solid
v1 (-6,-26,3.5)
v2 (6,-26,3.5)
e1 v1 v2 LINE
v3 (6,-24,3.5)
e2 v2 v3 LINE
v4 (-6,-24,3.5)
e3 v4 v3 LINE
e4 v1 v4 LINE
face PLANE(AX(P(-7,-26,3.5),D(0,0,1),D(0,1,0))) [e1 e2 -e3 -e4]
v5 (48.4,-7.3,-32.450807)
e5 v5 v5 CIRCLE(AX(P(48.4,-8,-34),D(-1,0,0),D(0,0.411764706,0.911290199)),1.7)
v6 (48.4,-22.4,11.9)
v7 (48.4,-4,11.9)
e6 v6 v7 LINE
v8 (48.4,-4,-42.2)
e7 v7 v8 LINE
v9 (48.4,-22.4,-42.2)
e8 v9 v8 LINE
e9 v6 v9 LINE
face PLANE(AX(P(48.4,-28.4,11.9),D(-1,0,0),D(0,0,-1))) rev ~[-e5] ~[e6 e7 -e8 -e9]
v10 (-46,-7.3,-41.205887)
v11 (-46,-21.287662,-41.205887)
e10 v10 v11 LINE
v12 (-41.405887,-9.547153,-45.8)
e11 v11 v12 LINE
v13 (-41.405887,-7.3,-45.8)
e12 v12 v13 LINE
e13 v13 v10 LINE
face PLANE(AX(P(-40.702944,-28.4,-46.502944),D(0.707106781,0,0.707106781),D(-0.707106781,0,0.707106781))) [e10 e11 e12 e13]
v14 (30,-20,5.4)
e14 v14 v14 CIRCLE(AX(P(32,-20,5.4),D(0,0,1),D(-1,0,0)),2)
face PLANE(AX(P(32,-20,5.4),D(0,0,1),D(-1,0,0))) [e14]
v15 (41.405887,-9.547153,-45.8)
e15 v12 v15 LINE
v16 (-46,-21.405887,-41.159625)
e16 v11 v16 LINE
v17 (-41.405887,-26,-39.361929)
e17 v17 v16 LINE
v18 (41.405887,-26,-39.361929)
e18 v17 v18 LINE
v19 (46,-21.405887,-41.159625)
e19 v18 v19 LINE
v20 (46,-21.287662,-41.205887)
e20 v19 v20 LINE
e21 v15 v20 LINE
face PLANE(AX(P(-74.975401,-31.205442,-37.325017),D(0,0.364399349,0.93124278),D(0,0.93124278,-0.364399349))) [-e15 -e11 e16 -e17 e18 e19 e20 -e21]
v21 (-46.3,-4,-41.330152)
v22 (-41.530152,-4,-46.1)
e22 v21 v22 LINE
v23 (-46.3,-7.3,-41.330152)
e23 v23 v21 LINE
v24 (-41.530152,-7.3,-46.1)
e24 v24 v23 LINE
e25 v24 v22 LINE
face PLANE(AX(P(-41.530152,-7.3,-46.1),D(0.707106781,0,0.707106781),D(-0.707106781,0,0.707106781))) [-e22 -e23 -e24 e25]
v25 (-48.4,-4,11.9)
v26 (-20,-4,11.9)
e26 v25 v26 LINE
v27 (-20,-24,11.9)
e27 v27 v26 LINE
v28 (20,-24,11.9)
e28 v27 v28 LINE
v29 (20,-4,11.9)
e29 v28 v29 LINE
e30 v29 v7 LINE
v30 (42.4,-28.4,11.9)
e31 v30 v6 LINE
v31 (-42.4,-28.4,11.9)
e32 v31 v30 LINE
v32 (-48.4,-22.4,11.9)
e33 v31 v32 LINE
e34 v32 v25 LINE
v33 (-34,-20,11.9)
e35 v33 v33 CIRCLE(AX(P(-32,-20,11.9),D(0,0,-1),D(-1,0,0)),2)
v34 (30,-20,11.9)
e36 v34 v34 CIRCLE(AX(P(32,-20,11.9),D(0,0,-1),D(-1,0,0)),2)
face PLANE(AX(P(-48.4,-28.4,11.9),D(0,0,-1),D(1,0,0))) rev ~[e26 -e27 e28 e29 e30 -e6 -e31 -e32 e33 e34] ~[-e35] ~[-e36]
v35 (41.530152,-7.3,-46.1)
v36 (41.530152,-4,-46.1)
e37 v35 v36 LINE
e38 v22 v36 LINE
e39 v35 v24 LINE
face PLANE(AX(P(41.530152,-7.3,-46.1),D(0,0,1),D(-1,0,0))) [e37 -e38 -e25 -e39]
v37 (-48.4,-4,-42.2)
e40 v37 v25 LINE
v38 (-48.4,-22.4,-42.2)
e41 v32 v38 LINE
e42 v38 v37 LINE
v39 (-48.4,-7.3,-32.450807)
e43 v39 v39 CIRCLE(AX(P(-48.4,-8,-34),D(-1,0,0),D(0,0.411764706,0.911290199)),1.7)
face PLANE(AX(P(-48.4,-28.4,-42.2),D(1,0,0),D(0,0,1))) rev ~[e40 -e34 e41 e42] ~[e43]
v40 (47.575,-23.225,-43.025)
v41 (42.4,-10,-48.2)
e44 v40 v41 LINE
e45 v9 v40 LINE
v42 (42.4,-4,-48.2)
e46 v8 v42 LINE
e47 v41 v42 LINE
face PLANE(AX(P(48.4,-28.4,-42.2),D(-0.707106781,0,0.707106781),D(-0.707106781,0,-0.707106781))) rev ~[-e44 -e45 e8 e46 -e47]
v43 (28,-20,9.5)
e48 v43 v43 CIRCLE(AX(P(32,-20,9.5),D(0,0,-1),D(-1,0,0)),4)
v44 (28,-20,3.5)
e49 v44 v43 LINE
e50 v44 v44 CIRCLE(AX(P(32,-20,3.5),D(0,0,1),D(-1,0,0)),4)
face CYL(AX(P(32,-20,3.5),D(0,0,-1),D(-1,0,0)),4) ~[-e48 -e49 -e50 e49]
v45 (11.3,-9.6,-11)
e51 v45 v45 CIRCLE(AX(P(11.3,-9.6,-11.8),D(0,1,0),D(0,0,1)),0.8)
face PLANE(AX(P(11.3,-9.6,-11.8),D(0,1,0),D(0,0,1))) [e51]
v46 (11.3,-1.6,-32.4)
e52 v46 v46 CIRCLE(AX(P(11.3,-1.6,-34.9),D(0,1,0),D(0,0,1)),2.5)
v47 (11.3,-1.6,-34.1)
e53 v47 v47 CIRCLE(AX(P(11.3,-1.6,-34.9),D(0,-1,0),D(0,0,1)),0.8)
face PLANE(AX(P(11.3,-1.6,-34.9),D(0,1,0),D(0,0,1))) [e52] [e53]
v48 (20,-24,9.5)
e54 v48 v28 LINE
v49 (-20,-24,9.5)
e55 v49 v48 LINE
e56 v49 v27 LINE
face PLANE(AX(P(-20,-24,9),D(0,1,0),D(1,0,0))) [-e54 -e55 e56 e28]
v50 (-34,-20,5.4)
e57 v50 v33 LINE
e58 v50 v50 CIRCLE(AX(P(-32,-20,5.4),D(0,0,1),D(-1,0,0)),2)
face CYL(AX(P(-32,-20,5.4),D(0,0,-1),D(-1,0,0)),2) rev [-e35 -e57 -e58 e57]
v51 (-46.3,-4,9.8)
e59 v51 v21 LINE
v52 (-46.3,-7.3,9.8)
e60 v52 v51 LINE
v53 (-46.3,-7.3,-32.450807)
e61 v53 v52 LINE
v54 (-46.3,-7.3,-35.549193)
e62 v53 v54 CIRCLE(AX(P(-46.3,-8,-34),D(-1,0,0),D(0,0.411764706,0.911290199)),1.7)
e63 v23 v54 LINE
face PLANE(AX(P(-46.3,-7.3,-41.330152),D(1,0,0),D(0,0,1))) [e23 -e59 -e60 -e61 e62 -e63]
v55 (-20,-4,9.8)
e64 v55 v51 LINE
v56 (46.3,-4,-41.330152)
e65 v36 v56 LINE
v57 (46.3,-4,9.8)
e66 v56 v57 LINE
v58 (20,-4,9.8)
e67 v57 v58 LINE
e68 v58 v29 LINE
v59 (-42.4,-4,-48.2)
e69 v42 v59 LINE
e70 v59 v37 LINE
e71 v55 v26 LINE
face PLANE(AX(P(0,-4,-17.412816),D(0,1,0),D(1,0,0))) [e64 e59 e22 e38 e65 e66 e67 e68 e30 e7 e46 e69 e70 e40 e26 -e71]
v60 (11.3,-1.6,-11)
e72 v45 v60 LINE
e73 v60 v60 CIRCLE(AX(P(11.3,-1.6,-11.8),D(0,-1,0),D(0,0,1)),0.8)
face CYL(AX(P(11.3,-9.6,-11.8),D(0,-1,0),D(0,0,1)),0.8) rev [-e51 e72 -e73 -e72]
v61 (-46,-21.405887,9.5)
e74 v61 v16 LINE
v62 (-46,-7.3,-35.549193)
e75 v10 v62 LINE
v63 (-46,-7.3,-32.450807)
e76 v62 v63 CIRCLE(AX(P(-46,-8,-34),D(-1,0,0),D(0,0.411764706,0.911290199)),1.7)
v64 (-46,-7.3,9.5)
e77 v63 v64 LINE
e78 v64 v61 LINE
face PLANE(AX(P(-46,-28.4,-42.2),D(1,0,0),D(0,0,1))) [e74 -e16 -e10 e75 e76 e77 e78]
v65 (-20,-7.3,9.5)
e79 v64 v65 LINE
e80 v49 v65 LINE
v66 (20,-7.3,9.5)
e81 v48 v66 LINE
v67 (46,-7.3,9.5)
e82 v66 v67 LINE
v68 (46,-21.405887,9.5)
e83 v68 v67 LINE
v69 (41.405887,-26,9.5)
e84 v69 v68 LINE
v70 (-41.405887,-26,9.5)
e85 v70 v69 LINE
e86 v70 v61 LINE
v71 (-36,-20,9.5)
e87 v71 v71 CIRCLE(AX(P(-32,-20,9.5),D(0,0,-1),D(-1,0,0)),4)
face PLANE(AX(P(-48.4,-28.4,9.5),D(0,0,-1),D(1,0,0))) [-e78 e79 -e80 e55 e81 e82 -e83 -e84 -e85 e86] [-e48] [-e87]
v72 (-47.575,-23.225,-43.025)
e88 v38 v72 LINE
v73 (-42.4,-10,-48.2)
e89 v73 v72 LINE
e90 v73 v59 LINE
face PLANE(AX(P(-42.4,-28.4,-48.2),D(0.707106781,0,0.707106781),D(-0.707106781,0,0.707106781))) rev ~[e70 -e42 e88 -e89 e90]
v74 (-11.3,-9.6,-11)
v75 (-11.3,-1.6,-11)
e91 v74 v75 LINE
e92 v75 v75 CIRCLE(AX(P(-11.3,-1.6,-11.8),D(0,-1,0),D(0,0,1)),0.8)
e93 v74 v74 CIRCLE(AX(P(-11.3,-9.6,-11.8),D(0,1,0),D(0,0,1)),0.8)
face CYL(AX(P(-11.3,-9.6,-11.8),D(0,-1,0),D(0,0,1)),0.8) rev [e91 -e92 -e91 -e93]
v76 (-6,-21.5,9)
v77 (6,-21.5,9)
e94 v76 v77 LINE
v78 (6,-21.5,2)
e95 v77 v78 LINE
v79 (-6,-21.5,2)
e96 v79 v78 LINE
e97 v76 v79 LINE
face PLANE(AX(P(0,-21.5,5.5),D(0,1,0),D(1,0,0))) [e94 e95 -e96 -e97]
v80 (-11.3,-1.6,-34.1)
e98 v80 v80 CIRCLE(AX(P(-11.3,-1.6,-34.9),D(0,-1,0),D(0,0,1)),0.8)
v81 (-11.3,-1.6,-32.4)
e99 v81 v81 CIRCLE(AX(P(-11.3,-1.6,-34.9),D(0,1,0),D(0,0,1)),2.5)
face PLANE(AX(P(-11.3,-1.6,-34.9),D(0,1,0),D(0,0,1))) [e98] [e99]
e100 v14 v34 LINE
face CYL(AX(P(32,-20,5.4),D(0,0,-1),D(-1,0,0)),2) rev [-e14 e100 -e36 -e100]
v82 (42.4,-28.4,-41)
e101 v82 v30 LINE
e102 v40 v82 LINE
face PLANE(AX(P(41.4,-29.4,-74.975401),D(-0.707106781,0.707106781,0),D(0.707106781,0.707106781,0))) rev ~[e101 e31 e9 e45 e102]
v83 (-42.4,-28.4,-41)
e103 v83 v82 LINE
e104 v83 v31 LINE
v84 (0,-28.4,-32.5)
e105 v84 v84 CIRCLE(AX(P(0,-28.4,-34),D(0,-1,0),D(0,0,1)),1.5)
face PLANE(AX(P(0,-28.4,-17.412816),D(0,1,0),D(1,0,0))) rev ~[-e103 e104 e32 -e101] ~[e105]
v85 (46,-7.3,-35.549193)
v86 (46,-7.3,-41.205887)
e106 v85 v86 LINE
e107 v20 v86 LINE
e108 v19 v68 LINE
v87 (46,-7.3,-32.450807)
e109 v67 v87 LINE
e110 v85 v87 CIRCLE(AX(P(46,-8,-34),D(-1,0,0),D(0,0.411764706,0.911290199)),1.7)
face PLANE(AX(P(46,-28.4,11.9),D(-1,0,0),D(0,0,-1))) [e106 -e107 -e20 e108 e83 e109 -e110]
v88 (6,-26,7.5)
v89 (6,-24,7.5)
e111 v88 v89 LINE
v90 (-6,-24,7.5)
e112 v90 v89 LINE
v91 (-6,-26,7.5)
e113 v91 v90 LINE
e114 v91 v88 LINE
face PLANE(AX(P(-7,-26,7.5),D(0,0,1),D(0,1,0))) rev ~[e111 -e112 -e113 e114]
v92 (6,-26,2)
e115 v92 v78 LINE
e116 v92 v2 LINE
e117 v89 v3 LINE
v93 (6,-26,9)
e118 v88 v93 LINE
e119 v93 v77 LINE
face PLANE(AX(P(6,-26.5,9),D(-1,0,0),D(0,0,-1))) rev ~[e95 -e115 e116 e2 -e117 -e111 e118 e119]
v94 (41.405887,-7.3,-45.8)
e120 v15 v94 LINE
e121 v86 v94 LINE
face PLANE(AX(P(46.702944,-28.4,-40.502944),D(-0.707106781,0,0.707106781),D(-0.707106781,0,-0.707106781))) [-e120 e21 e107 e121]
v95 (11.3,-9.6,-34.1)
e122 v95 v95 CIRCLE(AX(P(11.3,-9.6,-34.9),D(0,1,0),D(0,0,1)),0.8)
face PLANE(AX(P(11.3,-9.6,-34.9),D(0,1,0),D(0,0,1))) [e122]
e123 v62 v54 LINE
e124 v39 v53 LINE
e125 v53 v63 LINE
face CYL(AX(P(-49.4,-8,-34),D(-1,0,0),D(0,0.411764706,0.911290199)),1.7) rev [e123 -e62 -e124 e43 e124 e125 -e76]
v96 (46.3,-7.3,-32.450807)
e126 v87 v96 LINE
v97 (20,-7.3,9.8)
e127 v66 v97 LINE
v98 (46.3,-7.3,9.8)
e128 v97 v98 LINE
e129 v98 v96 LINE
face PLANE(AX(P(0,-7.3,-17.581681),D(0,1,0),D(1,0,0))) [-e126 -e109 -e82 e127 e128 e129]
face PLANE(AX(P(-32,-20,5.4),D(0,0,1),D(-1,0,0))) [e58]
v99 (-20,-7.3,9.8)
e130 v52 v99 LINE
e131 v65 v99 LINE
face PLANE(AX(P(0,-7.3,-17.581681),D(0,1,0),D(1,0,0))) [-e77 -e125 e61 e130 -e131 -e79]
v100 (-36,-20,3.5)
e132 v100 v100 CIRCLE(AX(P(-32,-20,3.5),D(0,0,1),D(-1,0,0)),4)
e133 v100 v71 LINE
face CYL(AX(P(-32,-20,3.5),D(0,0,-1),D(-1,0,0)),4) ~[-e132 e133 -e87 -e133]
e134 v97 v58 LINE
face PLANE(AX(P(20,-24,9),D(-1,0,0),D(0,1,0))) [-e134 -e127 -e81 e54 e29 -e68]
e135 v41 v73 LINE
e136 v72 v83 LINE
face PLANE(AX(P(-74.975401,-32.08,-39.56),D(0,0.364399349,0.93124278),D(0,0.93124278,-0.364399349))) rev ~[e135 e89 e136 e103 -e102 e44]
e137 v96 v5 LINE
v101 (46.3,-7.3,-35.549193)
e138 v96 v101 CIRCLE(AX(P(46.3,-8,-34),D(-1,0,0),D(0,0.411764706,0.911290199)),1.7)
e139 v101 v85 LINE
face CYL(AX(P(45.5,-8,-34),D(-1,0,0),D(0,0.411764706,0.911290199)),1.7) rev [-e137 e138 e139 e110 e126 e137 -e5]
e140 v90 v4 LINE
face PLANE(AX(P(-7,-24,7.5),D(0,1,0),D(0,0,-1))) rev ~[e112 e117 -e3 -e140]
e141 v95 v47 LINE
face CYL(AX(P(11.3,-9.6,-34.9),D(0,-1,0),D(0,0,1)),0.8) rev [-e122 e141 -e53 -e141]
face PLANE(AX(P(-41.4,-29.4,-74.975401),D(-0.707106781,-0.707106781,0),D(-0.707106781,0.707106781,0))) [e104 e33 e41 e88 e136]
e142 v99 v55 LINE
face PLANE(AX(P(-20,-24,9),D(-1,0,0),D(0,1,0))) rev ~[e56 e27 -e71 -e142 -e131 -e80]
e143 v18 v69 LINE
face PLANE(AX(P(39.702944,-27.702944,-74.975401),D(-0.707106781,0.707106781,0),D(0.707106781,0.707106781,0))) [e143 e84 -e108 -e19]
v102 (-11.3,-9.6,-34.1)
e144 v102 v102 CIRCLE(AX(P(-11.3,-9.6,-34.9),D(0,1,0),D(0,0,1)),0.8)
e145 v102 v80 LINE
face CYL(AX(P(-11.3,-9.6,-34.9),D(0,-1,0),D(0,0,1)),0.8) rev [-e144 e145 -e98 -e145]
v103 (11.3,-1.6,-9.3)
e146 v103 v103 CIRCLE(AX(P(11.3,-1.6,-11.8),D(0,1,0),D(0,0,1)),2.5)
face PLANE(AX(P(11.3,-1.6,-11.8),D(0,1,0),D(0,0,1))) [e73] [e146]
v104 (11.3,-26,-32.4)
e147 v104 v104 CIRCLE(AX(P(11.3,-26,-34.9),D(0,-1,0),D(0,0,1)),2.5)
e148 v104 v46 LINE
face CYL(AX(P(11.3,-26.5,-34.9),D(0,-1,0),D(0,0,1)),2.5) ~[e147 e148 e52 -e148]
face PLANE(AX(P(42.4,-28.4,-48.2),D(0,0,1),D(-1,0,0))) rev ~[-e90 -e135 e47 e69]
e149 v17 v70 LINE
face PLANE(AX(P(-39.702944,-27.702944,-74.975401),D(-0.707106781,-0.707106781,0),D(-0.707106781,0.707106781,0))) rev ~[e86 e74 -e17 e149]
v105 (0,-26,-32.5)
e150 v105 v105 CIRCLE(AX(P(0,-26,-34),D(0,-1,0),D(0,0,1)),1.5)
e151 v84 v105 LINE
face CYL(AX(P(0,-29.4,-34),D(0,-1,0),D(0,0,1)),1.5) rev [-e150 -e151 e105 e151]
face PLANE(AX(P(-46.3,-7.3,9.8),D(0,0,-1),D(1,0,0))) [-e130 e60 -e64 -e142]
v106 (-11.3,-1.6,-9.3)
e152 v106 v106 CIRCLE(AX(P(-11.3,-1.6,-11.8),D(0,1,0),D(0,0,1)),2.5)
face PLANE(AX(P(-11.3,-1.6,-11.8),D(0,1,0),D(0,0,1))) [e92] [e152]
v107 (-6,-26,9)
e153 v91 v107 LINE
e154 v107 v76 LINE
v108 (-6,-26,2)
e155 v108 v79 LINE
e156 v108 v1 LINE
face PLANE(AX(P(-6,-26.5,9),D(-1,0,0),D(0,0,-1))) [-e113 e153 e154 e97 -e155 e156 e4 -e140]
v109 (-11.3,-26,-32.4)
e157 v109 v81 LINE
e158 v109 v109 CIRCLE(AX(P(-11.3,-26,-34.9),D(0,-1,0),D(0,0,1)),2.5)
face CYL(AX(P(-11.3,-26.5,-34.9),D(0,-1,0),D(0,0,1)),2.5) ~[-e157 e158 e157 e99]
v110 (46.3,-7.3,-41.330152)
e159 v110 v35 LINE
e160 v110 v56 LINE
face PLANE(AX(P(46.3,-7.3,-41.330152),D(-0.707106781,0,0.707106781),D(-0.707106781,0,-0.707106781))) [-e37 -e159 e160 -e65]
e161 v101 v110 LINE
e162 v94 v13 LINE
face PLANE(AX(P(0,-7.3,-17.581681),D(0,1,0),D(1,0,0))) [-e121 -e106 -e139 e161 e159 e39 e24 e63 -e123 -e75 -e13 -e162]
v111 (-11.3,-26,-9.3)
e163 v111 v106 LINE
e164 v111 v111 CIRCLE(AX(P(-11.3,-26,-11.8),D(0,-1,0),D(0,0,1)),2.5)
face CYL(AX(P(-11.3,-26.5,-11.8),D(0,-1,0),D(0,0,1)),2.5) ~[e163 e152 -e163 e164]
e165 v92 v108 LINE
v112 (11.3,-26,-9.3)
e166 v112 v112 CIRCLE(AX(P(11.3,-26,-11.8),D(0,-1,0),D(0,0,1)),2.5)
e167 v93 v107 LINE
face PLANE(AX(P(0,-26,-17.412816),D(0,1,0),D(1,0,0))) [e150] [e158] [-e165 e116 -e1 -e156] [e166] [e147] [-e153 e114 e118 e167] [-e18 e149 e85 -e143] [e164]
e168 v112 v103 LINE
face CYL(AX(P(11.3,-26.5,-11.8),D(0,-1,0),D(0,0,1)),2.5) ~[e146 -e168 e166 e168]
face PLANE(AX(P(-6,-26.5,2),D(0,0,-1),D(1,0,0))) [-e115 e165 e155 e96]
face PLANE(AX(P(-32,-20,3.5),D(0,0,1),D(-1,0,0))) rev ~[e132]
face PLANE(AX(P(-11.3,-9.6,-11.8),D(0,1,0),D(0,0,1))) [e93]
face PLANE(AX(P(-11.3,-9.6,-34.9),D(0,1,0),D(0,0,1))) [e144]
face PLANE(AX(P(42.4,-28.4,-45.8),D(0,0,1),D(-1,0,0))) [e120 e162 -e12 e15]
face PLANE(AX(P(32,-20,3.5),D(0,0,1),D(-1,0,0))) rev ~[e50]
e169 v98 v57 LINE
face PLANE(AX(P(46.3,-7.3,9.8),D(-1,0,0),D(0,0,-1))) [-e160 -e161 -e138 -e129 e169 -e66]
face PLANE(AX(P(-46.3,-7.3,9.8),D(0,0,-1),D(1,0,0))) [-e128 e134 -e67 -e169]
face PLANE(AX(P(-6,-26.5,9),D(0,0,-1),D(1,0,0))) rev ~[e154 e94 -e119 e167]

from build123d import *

# Parameters (mm, degrees)
TRAY_BLOCK_DEPTH              = 24.4
LOWER_FRONT_FACET_DEPTH       = 74.975401317
LOWER_FRONT_FACET_DEPTH_BACK  = 74.975401317
LOWER_SIDE_FACET_L_DEPTH      = 74.975401317
LOWER_SIDE_FACET_L_DEPTH_BACK = 74.975401317
LOWER_SIDE_FACET_R_DEPTH      = 74.975401317
LOWER_SIDE_FACET_R_DEPTH_BACK = 74.975401317
SHELL_T                       = -2.4
SEAM_REBATE_DEPTH             = 4.3
SKETCH6_R                     = 2.5
BOARD_PILLARS_DEPTH           = 24.9
SKETCH7_R                     = 0.8
BOARD_PILOTS_DEPTH            = 8.5
SKETCH8_W                     = 40
SKETCH8_H                     = 21
CABLE_WINDOW_DEPTH            = 3.9
SKETCH9_R                     = 4
FLANGE_BOSSES_DEPTH           = 6.2
SKETCH10_R                    = 2
FLANGE_INSERT_HOLES_DEPTH     = 7
SKETCH11_R                    = 1.7
SEAM_SCREW_HOLE_L_DEPTH       = 3.9
SKETCH12_R                    = 1.7
SEAM_SCREW_HOLE_R_DEPTH       = 3.9
SKETCH13_W                    = 12
SKETCH13_H                    = 7
BUNDLE_TIE_ANCHOR_DEPTH       = 5
SKETCH14_W                    = 4
SKETCH14_H                    = 2
BUNDLE_TIE_SLOT_DEPTH         = 14
SKETCH15_R                    = 1.5
DRAIN_HOLE_DEPTH              = 3.9


with BuildPart() as part:
    # Sketch1 → Tray Block (new body)
    with BuildSketch(Plane(origin=(0, -28.4, 0), x_dir=(1, 0, 0), z_dir=(0, 1, 0))):
        Polygon((-48.4, -11.9), (48.4, -11.9), (48.4, 42.2), (42.4, 48.2), (-42.4, 48.2), (-48.4, 42.2), align=None)
    extrude(amount=TRAY_BLOCK_DEPTH)

    # Sketch2 → Lower Front Facet (cut, two sides: drawn at the far end of the back side and taken through both)
    with BuildSketch(Plane(origin=(0, 0, 0), x_dir=(0, 0, -1), z_dir=(1, 0, 0)).offset(-LOWER_FRONT_FACET_DEPTH_BACK)):
        Polygon((49.64, -6.32), (53.2, -6.32), (53.2, -32.08), (39.56, -32.08), align=None)
    extrude(amount=LOWER_FRONT_FACET_DEPTH + LOWER_FRONT_FACET_DEPTH_BACK, mode=Mode.SUBTRACT)

    # Sketch3 → Lower Side Facet L (cut, two sides: drawn at the far end of the back side and taken through both)
    with BuildSketch(Plane.XY.offset(-LOWER_SIDE_FACET_L_DEPTH_BACK)):
        Polygon((-49.4, -21.4), (-49.4, -29.4), (-41.4, -29.4), align=None)
    extrude(amount=LOWER_SIDE_FACET_L_DEPTH + LOWER_SIDE_FACET_L_DEPTH_BACK, mode=Mode.SUBTRACT)

    # Sketch4 → Lower Side Facet R (cut, two sides: drawn at the far end of the back side and taken through both)
    with BuildSketch(Plane.XY.offset(-LOWER_SIDE_FACET_R_DEPTH_BACK)):
        Polygon((49.4, -21.4), (49.4, -29.4), (41.4, -29.4), align=None)
    extrude(amount=LOWER_SIDE_FACET_R_DEPTH + LOWER_SIDE_FACET_R_DEPTH_BACK, mode=Mode.SUBTRACT)

    # Shell
    shell_openings = [part.faces().sort_by_distance(p)[0] for p in [
        (0, -4, -17.975344882),
    ]]
    offset(amount=SHELL_T, openings=shell_openings, kind=Kind.INTERSECTION)

    # Sketch5 → Seam Rebate (cut)
    with BuildSketch(Plane(origin=(0, -7.3, 0), x_dir=(1, 0, 0), z_dir=(0, 1, 0))):
        Polygon((-46.3, -9.8), (46.3, -9.8), (46.3, 41.330151519), (41.530151519, 46.1), (-41.530151519, 46.1), (-46.3, 41.330151519), align=None)
    extrude(amount=SEAM_REBATE_DEPTH, mode=Mode.SUBTRACT)

    # Sketch6 → Board Pillars (add)
    with BuildSketch(Plane(origin=(0, -26.5, 0), x_dir=(1, 0, 0), z_dir=(0, 1, 0))):
        with Locations(Location((-11.3, 11.8, 0), (0, 0, 270))):
            Circle(SKETCH6_R)
        with Locations(Location((-11.3, 34.9, 0), (0, 0, 270))):
            Circle(SKETCH6_R)
        with Locations(Location((11.3, 11.8, 0), (0, 0, 270))):
            Circle(SKETCH6_R)
        with Locations(Location((11.3, 34.9, 0), (0, 0, 270))):
            Circle(SKETCH6_R)
    extrude(amount=BOARD_PILLARS_DEPTH)

    # Sketch7 → Board Pilots (cut)
    with BuildSketch(Plane(origin=(0, -9.6, 0), x_dir=(1, 0, 0), z_dir=(0, 1, 0))):
        with Locations(Location((-11.3, 11.8, 0), (0, 0, 270))):
            Circle(SKETCH7_R)
        with Locations(Location((-11.3, 34.9, 0), (0, 0, 270))):
            Circle(SKETCH7_R)
        with Locations(Location((11.3, 11.8, 0), (0, 0, 270))):
            Circle(SKETCH7_R)
        with Locations(Location((11.3, 34.9, 0), (0, 0, 270))):
            Circle(SKETCH7_R)
    extrude(amount=BOARD_PILOTS_DEPTH, mode=Mode.SUBTRACT)

    # Sketch8 → Cable Window (cut)
    with BuildSketch(Plane.XY.offset(9)):
        with Locations((0, -13.5)):
            Rectangle(SKETCH8_W, SKETCH8_H)
    extrude(amount=CABLE_WINDOW_DEPTH, mode=Mode.SUBTRACT)

    # Sketch9 → Flange Bosses (add)
    with BuildSketch(Plane.XY.offset(3.5)):
        with Locations(Location((-32, -20, 0), (0, 0, 180))):
            Circle(SKETCH9_R)
        with Locations(Location((32, -20, 0), (0, 0, 180))):
            Circle(SKETCH9_R)
    extrude(amount=FLANGE_BOSSES_DEPTH)

    # Sketch10 → Flange Insert Holes (cut)
    with BuildSketch(Plane.XY.offset(5.4)):
        with Locations(Location((-32, -20, 0), (0, 0, 180))):
            Circle(SKETCH10_R)
        with Locations(Location((32, -20, 0), (0, 0, 180))):
            Circle(SKETCH10_R)
    extrude(amount=FLANGE_INSERT_HOLES_DEPTH, mode=Mode.SUBTRACT)

    # Sketch11 → Seam Screw Hole L (cut)
    with BuildSketch(Plane(origin=(-49.4, 0, 0), x_dir=(0, 0, -1), z_dir=(1, 0, 0))):
        with Locations(Location((34, -8, 0), (0, 0, 155.684260829))):
            Circle(SKETCH11_R)
    extrude(amount=SEAM_SCREW_HOLE_L_DEPTH, mode=Mode.SUBTRACT)

    # Sketch12 → Seam Screw Hole R (cut)
    with BuildSketch(Plane(origin=(45.5, 0, 0), x_dir=(0, 0, -1), z_dir=(1, 0, 0))):
        with Locations(Location((34, -8, 0), (0, 0, 155.684260829))):
            Circle(SKETCH12_R)
    extrude(amount=SEAM_SCREW_HOLE_R_DEPTH, mode=Mode.SUBTRACT)

    # Sketch13 → Bundle Tie Anchor (add)
    with BuildSketch(Plane(origin=(0, -26.5, 0), x_dir=(1, 0, 0), z_dir=(0, 1, 0))):
        with Locations((0, -5.5)):
            Rectangle(SKETCH13_W, SKETCH13_H)
    extrude(amount=BUNDLE_TIE_ANCHOR_DEPTH)

    # Sketch14 → Bundle Tie Slot (cut)
    with BuildSketch(Plane(origin=(-7, 0, 0), x_dir=(0, 0, -1), z_dir=(1, 0, 0))):
        with Locations((-5.5, -25)):
            Rectangle(SKETCH14_W, SKETCH14_H)
    extrude(amount=BUNDLE_TIE_SLOT_DEPTH, mode=Mode.SUBTRACT)

    # Sketch15 → Drain Hole (cut)
    with BuildSketch(Plane(origin=(0, -29.4, 0), x_dir=(1, 0, 0), z_dir=(0, 1, 0))):
        with Locations(Location((0, 34, 0), (0, 0, 270))):
            Circle(SKETCH15_R)
    extrude(amount=DRAIN_HOLE_DEPTH, mode=Mode.SUBTRACT)


solid = part.part
